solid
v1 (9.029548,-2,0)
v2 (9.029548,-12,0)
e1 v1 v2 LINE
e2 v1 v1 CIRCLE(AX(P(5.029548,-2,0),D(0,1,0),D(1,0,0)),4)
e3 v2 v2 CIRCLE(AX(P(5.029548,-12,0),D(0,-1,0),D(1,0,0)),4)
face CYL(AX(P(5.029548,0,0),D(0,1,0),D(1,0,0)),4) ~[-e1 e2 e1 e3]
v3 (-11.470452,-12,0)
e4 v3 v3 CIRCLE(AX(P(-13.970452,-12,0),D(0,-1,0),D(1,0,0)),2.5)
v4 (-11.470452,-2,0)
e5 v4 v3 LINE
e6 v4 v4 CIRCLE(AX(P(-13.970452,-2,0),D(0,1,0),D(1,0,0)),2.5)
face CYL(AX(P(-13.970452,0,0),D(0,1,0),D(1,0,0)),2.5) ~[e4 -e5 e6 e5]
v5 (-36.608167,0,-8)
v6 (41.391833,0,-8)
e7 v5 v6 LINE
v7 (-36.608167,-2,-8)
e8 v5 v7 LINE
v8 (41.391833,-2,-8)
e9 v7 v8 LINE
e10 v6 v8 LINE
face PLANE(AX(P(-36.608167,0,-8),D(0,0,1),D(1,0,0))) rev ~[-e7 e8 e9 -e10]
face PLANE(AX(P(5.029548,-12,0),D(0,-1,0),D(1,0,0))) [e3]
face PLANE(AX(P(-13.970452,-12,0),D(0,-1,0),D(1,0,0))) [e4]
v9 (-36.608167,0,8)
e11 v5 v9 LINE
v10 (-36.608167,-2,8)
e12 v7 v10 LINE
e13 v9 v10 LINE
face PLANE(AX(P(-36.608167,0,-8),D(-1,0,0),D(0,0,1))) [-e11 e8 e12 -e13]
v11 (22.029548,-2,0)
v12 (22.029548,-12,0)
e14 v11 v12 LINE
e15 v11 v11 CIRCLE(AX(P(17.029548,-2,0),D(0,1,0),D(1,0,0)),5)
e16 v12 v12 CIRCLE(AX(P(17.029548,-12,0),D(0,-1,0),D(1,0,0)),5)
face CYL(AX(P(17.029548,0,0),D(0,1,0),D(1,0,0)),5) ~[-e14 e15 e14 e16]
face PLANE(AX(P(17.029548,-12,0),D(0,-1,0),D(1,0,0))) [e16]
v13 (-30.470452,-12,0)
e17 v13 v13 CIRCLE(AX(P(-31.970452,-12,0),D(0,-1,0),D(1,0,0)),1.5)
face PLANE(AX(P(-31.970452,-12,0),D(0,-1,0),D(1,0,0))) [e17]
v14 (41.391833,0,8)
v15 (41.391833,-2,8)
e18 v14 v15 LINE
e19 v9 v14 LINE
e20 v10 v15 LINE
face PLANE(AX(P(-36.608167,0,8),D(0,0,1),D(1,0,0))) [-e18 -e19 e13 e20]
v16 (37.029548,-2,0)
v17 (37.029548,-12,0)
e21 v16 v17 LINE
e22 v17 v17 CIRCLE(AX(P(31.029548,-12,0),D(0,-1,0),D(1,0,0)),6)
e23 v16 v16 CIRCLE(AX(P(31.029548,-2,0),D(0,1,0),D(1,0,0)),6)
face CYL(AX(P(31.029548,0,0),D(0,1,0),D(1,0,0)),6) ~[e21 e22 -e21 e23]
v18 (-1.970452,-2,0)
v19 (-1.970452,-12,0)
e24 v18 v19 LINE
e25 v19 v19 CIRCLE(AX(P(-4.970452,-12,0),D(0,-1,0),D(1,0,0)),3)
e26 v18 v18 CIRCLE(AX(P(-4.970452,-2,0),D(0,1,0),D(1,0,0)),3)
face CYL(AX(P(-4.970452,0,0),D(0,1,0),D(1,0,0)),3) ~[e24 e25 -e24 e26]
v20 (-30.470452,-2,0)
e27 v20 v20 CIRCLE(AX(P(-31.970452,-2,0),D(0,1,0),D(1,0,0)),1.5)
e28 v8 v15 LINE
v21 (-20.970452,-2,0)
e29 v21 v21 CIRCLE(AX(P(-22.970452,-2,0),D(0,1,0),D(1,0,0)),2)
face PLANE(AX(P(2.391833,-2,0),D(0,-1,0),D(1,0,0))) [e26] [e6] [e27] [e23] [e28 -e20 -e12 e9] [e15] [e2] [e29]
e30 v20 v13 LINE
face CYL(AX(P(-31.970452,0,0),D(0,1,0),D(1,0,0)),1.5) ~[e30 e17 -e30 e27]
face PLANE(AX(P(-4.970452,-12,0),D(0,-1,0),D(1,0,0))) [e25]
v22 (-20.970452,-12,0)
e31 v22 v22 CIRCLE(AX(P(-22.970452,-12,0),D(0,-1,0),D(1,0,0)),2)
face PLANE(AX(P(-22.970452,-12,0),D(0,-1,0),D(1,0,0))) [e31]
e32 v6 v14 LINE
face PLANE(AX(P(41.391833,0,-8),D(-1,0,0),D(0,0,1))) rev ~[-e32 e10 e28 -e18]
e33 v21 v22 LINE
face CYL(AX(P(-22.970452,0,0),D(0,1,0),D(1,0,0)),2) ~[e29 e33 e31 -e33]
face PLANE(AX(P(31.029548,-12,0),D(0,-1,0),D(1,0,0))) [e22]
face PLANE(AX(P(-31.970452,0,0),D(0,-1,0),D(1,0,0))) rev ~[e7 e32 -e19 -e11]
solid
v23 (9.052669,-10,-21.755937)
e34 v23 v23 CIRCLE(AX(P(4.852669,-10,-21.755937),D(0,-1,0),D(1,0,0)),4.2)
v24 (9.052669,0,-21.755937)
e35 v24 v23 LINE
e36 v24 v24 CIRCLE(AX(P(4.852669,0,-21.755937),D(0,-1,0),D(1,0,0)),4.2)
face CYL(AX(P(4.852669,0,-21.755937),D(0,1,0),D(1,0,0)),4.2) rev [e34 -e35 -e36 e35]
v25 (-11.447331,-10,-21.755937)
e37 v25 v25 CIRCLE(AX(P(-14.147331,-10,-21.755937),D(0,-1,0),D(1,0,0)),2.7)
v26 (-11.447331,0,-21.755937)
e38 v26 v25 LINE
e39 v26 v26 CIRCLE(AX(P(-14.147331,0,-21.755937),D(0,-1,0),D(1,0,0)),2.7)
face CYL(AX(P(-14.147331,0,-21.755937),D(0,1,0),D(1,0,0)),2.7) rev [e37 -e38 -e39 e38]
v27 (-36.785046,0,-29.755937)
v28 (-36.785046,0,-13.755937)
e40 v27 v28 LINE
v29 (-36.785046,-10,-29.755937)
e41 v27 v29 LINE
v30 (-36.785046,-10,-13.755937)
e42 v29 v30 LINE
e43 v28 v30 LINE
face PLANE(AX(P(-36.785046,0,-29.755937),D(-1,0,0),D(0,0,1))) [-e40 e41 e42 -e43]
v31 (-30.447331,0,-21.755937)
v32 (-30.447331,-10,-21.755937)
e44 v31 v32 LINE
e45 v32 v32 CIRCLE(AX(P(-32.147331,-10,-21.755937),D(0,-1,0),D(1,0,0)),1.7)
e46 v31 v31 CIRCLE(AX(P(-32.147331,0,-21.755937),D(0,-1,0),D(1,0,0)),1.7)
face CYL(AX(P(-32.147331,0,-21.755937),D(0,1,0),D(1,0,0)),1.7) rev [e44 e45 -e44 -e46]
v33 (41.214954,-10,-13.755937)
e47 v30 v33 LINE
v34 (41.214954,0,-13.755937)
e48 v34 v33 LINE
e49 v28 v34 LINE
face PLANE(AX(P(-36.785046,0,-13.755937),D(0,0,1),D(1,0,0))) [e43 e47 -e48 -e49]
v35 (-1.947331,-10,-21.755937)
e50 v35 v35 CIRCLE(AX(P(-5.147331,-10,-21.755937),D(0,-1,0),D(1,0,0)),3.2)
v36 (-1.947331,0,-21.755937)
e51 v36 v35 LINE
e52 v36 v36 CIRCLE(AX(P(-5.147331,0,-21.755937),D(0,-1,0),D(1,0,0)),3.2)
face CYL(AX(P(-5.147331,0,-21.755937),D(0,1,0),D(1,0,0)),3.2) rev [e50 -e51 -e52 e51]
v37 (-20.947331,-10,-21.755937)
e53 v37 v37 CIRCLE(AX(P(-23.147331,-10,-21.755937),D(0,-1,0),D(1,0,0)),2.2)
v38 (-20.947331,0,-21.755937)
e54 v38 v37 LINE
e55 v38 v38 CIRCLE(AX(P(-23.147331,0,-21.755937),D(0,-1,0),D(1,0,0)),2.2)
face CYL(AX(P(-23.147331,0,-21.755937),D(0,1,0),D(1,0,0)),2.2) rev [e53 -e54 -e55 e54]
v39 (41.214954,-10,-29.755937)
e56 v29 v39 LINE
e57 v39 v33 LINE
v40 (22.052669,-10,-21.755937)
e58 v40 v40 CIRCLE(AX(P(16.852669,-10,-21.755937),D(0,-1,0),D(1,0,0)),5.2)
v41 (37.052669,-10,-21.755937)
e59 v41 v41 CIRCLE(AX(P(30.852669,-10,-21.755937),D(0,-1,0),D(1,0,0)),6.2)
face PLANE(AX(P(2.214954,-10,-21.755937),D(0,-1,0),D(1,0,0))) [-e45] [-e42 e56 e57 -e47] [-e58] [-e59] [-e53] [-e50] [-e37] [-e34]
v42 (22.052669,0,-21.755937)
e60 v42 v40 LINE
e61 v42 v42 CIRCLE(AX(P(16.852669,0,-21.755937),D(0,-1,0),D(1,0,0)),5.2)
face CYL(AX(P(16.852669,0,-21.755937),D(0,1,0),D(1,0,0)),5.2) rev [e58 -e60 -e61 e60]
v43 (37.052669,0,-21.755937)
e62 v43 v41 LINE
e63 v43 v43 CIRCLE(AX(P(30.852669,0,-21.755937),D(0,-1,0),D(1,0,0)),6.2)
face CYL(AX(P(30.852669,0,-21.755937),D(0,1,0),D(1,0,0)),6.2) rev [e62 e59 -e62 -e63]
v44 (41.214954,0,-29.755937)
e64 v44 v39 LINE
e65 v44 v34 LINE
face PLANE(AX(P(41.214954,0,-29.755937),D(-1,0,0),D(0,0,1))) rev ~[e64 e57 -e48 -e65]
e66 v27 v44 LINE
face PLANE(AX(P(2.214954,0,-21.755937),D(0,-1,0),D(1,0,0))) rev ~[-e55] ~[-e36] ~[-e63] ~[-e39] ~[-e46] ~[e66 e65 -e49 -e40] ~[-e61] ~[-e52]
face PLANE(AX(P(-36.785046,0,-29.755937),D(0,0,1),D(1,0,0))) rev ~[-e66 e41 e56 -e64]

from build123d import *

# Parameters (mm, degrees)
F0_W     = 78
F0_H     = 16
F0_R     = 1.5
F0_R_2   = 2
F0_R_3   = 2.5
F0_R_4   = 3
F0_R_5   = 4
F0_R_6   = 5
F0_R_7   = 6
F2_DEPTH = 2
F3_DEPTH = 12
F1_W     = 78
F1_H     = 16
F1_R     = 3.2
F1_R_2   = 5.2
F1_R_3   = 1.7
F1_R_4   = 2.2
F1_R_5   = 2.7
F1_R_6   = 4.2
F1_R_7   = 6.2
F4_DEPTH = 10


with BuildPart() as f2:
    # F0 (on Front) → F2 (new body)
    with BuildSketch(Plane.XZ):
        with Locations((2.3918330073, 0)):
            Rectangle(F0_W, F0_H)
        with Locations((-31.9704519261, 0)):
            Circle(F0_R, mode=Mode.SUBTRACT)
        with Locations((-22.9704519261, 0)):
            Circle(F0_R_2, mode=Mode.SUBTRACT)
        with Locations((-13.9704519261, 0)):
            Circle(F0_R_3, mode=Mode.SUBTRACT)
        with Locations((-4.9704519261, 0)):
            Circle(F0_R_4, mode=Mode.SUBTRACT)
        with Locations((5.0295480739, 0)):
            Circle(F0_R_5, mode=Mode.SUBTRACT)
        with Locations((17.0295480739, 0)):
            Circle(F0_R_6, mode=Mode.SUBTRACT)
        with Locations((31.0295480739, 0)):
            Circle(F0_R_7, mode=Mode.SUBTRACT)
        with Locations((31.0295480739, 0)):
            Circle(F0_R_7)
        with Locations((17.0295480739, 0)):
            Circle(F0_R_6)
        with Locations((5.0295480739, 0)):
            Circle(F0_R_5)
        with Locations((-4.9704519261, 0)):
            Circle(F0_R_4)
        with Locations((-13.9704519261, 0)):
            Circle(F0_R_3)
        with Locations((-22.9704519261, 0)):
            Circle(F0_R_2)
        with Locations((-31.9704519261, 0)):
            Circle(F0_R)
    extrude(amount=F2_DEPTH)

    # F0 (on Front) → F3 (join)
    with BuildSketch(Plane.XZ):
        with Locations((-31.9704519261, 0)):
            Circle(F0_R)
        with Locations((-22.9704519261, 0)):
            Circle(F0_R_2)
        with Locations((-13.9704519261, 0)):
            Circle(F0_R_3)
        with Locations((-4.9704519261, 0)):
            Circle(F0_R_4)
        with Locations((5.0295480739, 0)):
            Circle(F0_R_5)
        with Locations((17.0295480739, 0)):
            Circle(F0_R_6)
        with Locations((31.0295480739, 0)):
            Circle(F0_R_7)
    extrude(amount=F3_DEPTH)


with BuildPart() as f4:
    # F1 (on Front) → F4 (new body)
    with BuildSketch(Plane.XZ):
        with Locations((2.2149536405, -21.7559370212)):
            Rectangle(F1_W, F1_H)
        with Locations((-5.147331293, -21.7559370212)):
            Circle(F1_R, mode=Mode.SUBTRACT)
        with Locations((16.852668707, -21.7559370212)):
            Circle(F1_R_2, mode=Mode.SUBTRACT)
        with Locations((-32.147331293, -21.7559370212)):
            Circle(F1_R_3, mode=Mode.SUBTRACT)
        with Locations((-23.147331293, -21.7559370212)):
            Circle(F1_R_4, mode=Mode.SUBTRACT)
        with Locations((-14.147331293, -21.7559370212)):
            Circle(F1_R_5, mode=Mode.SUBTRACT)
        with Locations((4.852668707, -21.7559370212)):
            Circle(F1_R_6, mode=Mode.SUBTRACT)
        with Locations((30.852668707, -21.7559370212)):
            Circle(F1_R_7, mode=Mode.SUBTRACT)
    extrude(amount=F4_DEPTH)


solid = Compound([f2.part, f4.part])
